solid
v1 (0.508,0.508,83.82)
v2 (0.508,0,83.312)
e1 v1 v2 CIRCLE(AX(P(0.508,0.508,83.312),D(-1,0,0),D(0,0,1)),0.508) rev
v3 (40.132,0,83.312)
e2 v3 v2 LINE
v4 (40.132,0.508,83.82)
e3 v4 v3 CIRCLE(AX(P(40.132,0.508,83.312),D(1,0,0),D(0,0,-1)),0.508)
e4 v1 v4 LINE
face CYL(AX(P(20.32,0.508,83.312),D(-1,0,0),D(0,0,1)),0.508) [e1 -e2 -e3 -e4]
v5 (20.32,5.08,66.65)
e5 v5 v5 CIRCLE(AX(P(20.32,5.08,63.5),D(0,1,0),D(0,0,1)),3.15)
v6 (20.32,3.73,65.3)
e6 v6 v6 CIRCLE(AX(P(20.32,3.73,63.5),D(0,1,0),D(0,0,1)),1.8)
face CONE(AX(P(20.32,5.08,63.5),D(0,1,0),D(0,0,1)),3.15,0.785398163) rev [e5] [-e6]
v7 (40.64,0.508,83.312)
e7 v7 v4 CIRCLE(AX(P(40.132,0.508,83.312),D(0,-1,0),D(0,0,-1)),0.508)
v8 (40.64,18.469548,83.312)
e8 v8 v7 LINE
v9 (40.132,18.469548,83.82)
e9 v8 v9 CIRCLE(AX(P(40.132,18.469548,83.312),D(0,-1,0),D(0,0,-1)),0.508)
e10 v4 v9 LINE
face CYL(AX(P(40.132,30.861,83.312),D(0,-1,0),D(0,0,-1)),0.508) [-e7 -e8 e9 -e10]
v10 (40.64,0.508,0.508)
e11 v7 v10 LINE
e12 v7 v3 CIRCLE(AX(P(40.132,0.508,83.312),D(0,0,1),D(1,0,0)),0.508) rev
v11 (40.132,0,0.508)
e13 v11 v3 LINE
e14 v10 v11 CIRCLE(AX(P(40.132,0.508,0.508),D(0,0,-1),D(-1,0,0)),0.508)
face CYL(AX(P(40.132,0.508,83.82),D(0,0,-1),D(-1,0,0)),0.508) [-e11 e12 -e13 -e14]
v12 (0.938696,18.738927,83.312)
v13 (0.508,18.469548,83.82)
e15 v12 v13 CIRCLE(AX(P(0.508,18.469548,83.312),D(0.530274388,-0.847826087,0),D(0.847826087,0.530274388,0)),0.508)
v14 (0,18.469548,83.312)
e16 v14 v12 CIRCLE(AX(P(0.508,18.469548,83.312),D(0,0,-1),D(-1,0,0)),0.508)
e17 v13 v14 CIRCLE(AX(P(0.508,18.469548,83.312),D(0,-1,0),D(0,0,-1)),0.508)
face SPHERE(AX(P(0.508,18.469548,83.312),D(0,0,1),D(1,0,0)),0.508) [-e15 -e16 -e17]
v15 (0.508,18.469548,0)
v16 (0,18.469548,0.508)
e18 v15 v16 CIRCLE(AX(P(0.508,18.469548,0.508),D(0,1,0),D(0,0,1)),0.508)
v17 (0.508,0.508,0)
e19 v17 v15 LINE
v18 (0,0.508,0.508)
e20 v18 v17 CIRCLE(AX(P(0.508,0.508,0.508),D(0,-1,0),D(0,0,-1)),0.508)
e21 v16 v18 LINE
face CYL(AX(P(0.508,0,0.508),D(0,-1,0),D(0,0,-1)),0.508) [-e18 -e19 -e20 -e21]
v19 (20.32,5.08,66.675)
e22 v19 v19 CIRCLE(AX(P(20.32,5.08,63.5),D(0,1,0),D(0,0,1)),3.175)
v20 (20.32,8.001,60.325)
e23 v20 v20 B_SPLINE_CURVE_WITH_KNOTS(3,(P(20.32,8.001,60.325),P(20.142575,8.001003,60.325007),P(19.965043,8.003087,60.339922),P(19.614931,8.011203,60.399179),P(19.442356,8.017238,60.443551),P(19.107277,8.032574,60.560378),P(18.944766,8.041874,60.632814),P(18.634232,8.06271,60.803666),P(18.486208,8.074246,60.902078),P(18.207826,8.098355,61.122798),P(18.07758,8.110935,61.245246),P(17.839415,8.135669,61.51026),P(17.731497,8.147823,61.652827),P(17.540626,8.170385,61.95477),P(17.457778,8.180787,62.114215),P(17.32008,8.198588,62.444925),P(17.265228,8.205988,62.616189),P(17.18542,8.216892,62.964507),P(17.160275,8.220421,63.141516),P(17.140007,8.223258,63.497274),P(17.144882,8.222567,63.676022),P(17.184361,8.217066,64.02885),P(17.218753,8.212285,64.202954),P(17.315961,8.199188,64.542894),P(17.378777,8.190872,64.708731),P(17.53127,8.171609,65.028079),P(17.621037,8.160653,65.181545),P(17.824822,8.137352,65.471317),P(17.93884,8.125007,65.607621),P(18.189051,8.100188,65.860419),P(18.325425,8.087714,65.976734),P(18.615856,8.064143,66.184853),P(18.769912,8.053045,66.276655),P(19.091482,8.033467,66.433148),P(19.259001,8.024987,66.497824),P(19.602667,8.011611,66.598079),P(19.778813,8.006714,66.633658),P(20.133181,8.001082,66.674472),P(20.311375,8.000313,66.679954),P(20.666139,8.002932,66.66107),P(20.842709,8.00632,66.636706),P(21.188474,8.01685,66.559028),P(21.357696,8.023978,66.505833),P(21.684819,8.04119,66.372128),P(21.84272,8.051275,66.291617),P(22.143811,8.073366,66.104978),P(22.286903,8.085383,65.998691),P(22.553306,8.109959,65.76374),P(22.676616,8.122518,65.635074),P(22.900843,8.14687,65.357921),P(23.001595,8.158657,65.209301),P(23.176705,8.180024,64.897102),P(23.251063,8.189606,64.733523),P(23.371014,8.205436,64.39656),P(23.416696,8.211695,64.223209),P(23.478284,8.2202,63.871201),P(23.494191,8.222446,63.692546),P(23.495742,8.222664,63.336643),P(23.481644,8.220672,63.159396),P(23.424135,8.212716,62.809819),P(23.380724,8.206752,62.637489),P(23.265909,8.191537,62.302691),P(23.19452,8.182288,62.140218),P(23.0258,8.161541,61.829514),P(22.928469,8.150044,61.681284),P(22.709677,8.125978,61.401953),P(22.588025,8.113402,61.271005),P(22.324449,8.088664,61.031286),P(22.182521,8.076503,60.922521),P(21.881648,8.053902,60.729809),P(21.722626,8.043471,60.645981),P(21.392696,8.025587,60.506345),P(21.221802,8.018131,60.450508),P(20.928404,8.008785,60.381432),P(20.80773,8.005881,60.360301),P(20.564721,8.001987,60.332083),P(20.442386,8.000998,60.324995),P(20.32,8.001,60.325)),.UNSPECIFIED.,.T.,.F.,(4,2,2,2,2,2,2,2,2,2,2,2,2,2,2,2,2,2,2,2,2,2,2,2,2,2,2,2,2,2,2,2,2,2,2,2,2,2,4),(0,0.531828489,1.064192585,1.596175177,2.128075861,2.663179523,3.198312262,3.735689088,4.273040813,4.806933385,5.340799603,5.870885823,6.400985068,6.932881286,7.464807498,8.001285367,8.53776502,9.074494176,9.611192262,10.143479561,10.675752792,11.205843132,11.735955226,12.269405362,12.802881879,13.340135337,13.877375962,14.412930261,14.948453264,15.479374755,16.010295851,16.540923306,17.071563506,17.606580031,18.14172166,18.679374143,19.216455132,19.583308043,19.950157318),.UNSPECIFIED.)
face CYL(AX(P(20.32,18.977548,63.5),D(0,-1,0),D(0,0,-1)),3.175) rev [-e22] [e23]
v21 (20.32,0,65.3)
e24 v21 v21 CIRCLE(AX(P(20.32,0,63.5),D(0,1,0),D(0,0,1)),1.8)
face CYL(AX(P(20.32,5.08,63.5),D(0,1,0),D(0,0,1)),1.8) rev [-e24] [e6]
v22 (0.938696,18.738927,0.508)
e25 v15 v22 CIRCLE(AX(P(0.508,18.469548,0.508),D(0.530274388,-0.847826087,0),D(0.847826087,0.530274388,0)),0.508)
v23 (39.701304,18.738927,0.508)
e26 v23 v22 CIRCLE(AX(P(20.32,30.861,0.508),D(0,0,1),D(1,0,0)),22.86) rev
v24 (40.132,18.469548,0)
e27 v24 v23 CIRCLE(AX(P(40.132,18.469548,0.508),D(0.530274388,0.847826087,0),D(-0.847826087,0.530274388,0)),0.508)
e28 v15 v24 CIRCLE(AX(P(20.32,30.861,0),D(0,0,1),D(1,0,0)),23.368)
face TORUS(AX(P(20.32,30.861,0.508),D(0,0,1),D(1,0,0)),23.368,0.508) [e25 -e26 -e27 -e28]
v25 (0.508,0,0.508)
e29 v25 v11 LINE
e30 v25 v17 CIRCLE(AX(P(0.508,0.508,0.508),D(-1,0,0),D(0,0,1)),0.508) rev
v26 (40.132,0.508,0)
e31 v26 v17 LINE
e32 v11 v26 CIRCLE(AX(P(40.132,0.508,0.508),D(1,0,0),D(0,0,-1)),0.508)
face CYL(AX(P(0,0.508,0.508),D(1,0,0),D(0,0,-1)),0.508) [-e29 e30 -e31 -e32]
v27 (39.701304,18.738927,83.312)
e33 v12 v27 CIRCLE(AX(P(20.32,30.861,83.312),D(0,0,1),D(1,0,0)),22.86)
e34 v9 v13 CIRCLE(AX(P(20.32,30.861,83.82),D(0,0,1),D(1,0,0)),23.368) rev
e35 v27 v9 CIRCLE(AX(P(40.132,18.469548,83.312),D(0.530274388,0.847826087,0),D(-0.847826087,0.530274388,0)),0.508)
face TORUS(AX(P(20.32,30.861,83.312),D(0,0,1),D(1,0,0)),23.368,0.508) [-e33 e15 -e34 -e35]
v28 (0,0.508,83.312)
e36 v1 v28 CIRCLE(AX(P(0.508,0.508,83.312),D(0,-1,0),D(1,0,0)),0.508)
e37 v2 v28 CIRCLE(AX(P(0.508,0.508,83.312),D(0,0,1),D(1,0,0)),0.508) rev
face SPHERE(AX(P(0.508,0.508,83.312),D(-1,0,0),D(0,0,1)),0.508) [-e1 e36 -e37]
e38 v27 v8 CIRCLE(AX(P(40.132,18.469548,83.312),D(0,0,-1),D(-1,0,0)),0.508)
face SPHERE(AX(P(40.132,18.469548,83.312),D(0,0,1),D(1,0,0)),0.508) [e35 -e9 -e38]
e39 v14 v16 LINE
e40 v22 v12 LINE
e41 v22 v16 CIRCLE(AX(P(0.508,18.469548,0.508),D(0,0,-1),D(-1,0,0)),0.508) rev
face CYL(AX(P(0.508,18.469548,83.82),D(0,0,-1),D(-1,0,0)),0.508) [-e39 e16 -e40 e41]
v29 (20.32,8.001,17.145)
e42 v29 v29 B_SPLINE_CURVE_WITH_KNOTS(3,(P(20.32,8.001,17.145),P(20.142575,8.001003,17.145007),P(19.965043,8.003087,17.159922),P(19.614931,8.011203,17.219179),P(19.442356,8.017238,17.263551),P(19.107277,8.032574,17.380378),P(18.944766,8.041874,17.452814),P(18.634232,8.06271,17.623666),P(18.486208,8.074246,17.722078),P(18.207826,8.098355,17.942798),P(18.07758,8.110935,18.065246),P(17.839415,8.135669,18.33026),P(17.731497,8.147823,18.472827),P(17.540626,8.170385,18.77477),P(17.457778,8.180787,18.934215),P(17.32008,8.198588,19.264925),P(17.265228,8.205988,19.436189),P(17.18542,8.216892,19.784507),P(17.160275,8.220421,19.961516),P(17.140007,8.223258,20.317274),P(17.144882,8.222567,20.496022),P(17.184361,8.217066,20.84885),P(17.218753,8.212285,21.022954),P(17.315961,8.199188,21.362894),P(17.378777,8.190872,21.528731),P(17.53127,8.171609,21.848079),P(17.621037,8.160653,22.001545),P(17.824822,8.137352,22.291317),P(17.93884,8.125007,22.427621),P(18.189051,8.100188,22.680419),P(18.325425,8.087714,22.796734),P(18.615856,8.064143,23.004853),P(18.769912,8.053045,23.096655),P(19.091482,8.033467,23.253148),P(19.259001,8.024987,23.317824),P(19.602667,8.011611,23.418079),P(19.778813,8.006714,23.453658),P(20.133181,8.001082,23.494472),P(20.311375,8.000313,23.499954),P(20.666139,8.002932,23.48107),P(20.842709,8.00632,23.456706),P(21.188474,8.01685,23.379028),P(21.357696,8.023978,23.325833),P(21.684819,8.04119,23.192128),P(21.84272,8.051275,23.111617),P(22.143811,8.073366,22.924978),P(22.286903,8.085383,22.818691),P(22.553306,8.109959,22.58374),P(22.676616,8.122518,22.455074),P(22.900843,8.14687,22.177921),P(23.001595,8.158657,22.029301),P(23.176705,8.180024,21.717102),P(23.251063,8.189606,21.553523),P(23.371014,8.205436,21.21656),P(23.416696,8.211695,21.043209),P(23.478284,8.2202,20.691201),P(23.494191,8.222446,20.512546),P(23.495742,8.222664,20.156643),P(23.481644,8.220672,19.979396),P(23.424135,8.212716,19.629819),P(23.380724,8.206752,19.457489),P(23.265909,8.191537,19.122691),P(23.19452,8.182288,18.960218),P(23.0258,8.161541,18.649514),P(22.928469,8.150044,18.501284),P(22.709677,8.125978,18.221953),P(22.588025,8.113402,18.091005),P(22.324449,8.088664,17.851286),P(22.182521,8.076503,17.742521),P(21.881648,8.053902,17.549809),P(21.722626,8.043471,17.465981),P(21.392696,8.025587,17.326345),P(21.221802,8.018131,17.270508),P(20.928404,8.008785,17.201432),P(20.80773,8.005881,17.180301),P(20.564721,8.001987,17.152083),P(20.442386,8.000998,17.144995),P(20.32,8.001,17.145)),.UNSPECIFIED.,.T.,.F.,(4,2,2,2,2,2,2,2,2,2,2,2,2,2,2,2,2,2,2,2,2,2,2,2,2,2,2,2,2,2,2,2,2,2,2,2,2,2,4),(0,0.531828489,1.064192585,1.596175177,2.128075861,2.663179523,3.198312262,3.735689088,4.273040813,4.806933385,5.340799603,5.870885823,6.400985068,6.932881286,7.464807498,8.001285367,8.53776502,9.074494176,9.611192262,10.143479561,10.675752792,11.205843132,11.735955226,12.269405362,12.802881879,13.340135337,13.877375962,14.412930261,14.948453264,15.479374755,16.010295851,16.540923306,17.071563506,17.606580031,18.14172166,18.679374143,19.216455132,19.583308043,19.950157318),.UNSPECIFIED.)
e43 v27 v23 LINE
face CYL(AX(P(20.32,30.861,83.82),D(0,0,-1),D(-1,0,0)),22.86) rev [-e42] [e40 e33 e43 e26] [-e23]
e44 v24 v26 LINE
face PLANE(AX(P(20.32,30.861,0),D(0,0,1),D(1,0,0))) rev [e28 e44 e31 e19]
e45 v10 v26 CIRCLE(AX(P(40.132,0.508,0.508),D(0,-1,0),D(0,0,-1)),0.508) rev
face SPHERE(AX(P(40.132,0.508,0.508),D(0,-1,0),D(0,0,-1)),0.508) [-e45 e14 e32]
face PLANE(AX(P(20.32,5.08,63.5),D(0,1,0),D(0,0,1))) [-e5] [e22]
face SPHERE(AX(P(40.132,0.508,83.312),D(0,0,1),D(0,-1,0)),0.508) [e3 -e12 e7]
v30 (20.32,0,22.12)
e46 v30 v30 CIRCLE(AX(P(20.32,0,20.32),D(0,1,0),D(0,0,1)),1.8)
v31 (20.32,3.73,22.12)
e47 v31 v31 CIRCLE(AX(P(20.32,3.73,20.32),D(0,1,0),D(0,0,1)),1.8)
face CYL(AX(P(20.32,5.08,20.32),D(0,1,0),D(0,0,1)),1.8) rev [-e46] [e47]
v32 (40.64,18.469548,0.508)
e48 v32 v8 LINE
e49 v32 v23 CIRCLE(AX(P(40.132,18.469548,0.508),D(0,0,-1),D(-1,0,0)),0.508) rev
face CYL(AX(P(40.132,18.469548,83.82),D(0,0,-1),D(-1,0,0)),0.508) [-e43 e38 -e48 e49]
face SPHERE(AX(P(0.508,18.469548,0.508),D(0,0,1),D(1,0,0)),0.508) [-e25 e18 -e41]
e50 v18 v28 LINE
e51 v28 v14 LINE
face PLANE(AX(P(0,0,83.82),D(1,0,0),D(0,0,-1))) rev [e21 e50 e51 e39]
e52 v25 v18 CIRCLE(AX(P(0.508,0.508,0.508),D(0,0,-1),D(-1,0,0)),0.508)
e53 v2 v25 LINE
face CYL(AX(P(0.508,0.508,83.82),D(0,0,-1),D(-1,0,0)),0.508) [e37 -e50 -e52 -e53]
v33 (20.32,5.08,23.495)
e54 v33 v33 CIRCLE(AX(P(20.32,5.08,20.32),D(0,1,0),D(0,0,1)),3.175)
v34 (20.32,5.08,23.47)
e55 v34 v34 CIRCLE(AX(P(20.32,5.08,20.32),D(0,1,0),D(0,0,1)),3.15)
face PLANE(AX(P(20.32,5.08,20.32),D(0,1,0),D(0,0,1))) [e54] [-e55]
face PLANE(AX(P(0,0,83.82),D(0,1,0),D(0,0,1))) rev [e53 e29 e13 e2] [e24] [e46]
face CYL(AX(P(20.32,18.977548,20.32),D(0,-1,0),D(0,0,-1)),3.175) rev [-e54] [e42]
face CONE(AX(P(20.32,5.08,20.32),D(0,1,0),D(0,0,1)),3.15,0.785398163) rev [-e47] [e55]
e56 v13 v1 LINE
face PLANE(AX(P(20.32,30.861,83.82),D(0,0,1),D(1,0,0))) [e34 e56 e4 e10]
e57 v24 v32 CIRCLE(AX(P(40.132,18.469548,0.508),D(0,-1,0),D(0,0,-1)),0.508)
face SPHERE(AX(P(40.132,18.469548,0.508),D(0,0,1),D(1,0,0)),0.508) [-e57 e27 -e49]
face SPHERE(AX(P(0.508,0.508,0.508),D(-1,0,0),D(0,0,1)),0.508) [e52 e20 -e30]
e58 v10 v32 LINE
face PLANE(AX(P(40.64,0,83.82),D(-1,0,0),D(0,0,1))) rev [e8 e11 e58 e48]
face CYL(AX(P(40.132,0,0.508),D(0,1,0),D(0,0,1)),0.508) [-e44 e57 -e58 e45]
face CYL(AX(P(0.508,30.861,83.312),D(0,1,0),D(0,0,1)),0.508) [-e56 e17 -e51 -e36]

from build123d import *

# Parameters (mm, degrees)
BOSS_EXTRUDE1_DEPTH                                 = 83.82
FILLET1_R                                           = 0.508
CUT_EXTRUDE1_START                                  = 5.08
SKETCH5_R                                           = 3.175
CUT_EXTRUDE1_DEPTH                                  = 90.986026172
CSK_FOR_M3_COUNTERSUNK_FLAT_HEAD_SCREW1_D           = 3.6
CSK_FOR_M3_COUNTERSUNK_FLAT_HEAD_SCREW1_DEPTH       = 419.354
CSK_FOR_M3_COUNTERSUNK_FLAT_HEAD_SCREW1_CSINK_D     = 6.3
CSK_FOR_M3_COUNTERSUNK_FLAT_HEAD_SCREW1_CSINK_ANGLE = 90
CSK_FOR_M3_COUNTERSUNK_FLAT_HEAD_SCREW1_TIP         = 1.081549114
FILLET2_R                                           = 0.508


with BuildPart() as part:
    # Sketch2 → Boss-Extrude1 (new body)
    with BuildSketch(Plane.XY):
        with BuildLine():
            Line((0, 0), (40.64, 0))
            Line((40.64, 0), (40.64, 20.388311711))
            ThreePointArc((40.64, 20.388311711), (20.32, 8.001), (0, 20.388311711))
            Line((0, 20.388311711), (0, 0))
        make_face()
    extrude(amount=BOSS_EXTRUDE1_DEPTH)

    # Fillet1
    fillet1_edges = [part.edges().sort_by_distance(p)[0] for p in [
        (0, 20.388311711, 41.91),
        (40.64, 20.388311711, 41.91),
    ]]
    fillet(fillet1_edges, radius=FILLET1_R)

    # Sketch5 → Cut-Extrude1 (cut, through all)
    with BuildSketch(Plane(origin=(0, 0, 0), x_dir=(1, 0, 0), z_dir=(0, 1, 0)).offset(CUT_EXTRUDE1_START)):
        with Locations(Location((20.32, -20.32, 0), (0, 0, 90))):
            Circle(SKETCH5_R)
        with Locations(Location((20.32, -63.5, 0), (0, 0, 90))):
            Circle(SKETCH5_R)
    extrude(amount=CUT_EXTRUDE1_DEPTH, mode=Mode.SUBTRACT)

    # CSK for M3 Countersunk Flat Head Screw1
    with Locations(Plane(origin=(0, 5.08, 0), x_dir=(1, 0, 0), z_dir=(0, 1, 0))):
        with Locations((20.32, -20.32), (20.32, -63.5)):
            CounterSinkHole(CSK_FOR_M3_COUNTERSUNK_FLAT_HEAD_SCREW1_D / 2, CSK_FOR_M3_COUNTERSUNK_FLAT_HEAD_SCREW1_CSINK_D / 2, depth=CSK_FOR_M3_COUNTERSUNK_FLAT_HEAD_SCREW1_DEPTH, counter_sink_angle=CSK_FOR_M3_COUNTERSUNK_FLAT_HEAD_SCREW1_CSINK_ANGLE)
            with Locations((0, 0, -(CSK_FOR_M3_COUNTERSUNK_FLAT_HEAD_SCREW1_DEPTH + CSK_FOR_M3_COUNTERSUNK_FLAT_HEAD_SCREW1_TIP / 2))):  # 118° drill point
                Cone(0, CSK_FOR_M3_COUNTERSUNK_FLAT_HEAD_SCREW1_D / 2, CSK_FOR_M3_COUNTERSUNK_FLAT_HEAD_SCREW1_TIP, mode=Mode.SUBTRACT)

    # Fillet2
    fillet2_edges = [part.edges().sort_by_distance(p)[0] for p in [
        (40.64, 9.234774054, 83.82),
        (20.32, 8.001, 0),
        (20.32, 8.001, 83.82),
        (0, 9.234774054, 0),
        (0.36787397, 18.957839717, 0),
        (40.27212603, 18.957839717, 0),
        (0, 9.234774054, 83.82),
        (0.36787397, 18.957839717, 83.82),
        (40.27212603, 18.957839717, 83.82),
        (40.64, 9.234774054, 0),
        (20.32, 0, 0),
        (40.64, 0, 41.91),
        (0, 0, 41.91),
        (20.32, 0, 83.82),
    ]]
    fillet(fillet2_edges, radius=FILLET2_R)


solid = part.part
